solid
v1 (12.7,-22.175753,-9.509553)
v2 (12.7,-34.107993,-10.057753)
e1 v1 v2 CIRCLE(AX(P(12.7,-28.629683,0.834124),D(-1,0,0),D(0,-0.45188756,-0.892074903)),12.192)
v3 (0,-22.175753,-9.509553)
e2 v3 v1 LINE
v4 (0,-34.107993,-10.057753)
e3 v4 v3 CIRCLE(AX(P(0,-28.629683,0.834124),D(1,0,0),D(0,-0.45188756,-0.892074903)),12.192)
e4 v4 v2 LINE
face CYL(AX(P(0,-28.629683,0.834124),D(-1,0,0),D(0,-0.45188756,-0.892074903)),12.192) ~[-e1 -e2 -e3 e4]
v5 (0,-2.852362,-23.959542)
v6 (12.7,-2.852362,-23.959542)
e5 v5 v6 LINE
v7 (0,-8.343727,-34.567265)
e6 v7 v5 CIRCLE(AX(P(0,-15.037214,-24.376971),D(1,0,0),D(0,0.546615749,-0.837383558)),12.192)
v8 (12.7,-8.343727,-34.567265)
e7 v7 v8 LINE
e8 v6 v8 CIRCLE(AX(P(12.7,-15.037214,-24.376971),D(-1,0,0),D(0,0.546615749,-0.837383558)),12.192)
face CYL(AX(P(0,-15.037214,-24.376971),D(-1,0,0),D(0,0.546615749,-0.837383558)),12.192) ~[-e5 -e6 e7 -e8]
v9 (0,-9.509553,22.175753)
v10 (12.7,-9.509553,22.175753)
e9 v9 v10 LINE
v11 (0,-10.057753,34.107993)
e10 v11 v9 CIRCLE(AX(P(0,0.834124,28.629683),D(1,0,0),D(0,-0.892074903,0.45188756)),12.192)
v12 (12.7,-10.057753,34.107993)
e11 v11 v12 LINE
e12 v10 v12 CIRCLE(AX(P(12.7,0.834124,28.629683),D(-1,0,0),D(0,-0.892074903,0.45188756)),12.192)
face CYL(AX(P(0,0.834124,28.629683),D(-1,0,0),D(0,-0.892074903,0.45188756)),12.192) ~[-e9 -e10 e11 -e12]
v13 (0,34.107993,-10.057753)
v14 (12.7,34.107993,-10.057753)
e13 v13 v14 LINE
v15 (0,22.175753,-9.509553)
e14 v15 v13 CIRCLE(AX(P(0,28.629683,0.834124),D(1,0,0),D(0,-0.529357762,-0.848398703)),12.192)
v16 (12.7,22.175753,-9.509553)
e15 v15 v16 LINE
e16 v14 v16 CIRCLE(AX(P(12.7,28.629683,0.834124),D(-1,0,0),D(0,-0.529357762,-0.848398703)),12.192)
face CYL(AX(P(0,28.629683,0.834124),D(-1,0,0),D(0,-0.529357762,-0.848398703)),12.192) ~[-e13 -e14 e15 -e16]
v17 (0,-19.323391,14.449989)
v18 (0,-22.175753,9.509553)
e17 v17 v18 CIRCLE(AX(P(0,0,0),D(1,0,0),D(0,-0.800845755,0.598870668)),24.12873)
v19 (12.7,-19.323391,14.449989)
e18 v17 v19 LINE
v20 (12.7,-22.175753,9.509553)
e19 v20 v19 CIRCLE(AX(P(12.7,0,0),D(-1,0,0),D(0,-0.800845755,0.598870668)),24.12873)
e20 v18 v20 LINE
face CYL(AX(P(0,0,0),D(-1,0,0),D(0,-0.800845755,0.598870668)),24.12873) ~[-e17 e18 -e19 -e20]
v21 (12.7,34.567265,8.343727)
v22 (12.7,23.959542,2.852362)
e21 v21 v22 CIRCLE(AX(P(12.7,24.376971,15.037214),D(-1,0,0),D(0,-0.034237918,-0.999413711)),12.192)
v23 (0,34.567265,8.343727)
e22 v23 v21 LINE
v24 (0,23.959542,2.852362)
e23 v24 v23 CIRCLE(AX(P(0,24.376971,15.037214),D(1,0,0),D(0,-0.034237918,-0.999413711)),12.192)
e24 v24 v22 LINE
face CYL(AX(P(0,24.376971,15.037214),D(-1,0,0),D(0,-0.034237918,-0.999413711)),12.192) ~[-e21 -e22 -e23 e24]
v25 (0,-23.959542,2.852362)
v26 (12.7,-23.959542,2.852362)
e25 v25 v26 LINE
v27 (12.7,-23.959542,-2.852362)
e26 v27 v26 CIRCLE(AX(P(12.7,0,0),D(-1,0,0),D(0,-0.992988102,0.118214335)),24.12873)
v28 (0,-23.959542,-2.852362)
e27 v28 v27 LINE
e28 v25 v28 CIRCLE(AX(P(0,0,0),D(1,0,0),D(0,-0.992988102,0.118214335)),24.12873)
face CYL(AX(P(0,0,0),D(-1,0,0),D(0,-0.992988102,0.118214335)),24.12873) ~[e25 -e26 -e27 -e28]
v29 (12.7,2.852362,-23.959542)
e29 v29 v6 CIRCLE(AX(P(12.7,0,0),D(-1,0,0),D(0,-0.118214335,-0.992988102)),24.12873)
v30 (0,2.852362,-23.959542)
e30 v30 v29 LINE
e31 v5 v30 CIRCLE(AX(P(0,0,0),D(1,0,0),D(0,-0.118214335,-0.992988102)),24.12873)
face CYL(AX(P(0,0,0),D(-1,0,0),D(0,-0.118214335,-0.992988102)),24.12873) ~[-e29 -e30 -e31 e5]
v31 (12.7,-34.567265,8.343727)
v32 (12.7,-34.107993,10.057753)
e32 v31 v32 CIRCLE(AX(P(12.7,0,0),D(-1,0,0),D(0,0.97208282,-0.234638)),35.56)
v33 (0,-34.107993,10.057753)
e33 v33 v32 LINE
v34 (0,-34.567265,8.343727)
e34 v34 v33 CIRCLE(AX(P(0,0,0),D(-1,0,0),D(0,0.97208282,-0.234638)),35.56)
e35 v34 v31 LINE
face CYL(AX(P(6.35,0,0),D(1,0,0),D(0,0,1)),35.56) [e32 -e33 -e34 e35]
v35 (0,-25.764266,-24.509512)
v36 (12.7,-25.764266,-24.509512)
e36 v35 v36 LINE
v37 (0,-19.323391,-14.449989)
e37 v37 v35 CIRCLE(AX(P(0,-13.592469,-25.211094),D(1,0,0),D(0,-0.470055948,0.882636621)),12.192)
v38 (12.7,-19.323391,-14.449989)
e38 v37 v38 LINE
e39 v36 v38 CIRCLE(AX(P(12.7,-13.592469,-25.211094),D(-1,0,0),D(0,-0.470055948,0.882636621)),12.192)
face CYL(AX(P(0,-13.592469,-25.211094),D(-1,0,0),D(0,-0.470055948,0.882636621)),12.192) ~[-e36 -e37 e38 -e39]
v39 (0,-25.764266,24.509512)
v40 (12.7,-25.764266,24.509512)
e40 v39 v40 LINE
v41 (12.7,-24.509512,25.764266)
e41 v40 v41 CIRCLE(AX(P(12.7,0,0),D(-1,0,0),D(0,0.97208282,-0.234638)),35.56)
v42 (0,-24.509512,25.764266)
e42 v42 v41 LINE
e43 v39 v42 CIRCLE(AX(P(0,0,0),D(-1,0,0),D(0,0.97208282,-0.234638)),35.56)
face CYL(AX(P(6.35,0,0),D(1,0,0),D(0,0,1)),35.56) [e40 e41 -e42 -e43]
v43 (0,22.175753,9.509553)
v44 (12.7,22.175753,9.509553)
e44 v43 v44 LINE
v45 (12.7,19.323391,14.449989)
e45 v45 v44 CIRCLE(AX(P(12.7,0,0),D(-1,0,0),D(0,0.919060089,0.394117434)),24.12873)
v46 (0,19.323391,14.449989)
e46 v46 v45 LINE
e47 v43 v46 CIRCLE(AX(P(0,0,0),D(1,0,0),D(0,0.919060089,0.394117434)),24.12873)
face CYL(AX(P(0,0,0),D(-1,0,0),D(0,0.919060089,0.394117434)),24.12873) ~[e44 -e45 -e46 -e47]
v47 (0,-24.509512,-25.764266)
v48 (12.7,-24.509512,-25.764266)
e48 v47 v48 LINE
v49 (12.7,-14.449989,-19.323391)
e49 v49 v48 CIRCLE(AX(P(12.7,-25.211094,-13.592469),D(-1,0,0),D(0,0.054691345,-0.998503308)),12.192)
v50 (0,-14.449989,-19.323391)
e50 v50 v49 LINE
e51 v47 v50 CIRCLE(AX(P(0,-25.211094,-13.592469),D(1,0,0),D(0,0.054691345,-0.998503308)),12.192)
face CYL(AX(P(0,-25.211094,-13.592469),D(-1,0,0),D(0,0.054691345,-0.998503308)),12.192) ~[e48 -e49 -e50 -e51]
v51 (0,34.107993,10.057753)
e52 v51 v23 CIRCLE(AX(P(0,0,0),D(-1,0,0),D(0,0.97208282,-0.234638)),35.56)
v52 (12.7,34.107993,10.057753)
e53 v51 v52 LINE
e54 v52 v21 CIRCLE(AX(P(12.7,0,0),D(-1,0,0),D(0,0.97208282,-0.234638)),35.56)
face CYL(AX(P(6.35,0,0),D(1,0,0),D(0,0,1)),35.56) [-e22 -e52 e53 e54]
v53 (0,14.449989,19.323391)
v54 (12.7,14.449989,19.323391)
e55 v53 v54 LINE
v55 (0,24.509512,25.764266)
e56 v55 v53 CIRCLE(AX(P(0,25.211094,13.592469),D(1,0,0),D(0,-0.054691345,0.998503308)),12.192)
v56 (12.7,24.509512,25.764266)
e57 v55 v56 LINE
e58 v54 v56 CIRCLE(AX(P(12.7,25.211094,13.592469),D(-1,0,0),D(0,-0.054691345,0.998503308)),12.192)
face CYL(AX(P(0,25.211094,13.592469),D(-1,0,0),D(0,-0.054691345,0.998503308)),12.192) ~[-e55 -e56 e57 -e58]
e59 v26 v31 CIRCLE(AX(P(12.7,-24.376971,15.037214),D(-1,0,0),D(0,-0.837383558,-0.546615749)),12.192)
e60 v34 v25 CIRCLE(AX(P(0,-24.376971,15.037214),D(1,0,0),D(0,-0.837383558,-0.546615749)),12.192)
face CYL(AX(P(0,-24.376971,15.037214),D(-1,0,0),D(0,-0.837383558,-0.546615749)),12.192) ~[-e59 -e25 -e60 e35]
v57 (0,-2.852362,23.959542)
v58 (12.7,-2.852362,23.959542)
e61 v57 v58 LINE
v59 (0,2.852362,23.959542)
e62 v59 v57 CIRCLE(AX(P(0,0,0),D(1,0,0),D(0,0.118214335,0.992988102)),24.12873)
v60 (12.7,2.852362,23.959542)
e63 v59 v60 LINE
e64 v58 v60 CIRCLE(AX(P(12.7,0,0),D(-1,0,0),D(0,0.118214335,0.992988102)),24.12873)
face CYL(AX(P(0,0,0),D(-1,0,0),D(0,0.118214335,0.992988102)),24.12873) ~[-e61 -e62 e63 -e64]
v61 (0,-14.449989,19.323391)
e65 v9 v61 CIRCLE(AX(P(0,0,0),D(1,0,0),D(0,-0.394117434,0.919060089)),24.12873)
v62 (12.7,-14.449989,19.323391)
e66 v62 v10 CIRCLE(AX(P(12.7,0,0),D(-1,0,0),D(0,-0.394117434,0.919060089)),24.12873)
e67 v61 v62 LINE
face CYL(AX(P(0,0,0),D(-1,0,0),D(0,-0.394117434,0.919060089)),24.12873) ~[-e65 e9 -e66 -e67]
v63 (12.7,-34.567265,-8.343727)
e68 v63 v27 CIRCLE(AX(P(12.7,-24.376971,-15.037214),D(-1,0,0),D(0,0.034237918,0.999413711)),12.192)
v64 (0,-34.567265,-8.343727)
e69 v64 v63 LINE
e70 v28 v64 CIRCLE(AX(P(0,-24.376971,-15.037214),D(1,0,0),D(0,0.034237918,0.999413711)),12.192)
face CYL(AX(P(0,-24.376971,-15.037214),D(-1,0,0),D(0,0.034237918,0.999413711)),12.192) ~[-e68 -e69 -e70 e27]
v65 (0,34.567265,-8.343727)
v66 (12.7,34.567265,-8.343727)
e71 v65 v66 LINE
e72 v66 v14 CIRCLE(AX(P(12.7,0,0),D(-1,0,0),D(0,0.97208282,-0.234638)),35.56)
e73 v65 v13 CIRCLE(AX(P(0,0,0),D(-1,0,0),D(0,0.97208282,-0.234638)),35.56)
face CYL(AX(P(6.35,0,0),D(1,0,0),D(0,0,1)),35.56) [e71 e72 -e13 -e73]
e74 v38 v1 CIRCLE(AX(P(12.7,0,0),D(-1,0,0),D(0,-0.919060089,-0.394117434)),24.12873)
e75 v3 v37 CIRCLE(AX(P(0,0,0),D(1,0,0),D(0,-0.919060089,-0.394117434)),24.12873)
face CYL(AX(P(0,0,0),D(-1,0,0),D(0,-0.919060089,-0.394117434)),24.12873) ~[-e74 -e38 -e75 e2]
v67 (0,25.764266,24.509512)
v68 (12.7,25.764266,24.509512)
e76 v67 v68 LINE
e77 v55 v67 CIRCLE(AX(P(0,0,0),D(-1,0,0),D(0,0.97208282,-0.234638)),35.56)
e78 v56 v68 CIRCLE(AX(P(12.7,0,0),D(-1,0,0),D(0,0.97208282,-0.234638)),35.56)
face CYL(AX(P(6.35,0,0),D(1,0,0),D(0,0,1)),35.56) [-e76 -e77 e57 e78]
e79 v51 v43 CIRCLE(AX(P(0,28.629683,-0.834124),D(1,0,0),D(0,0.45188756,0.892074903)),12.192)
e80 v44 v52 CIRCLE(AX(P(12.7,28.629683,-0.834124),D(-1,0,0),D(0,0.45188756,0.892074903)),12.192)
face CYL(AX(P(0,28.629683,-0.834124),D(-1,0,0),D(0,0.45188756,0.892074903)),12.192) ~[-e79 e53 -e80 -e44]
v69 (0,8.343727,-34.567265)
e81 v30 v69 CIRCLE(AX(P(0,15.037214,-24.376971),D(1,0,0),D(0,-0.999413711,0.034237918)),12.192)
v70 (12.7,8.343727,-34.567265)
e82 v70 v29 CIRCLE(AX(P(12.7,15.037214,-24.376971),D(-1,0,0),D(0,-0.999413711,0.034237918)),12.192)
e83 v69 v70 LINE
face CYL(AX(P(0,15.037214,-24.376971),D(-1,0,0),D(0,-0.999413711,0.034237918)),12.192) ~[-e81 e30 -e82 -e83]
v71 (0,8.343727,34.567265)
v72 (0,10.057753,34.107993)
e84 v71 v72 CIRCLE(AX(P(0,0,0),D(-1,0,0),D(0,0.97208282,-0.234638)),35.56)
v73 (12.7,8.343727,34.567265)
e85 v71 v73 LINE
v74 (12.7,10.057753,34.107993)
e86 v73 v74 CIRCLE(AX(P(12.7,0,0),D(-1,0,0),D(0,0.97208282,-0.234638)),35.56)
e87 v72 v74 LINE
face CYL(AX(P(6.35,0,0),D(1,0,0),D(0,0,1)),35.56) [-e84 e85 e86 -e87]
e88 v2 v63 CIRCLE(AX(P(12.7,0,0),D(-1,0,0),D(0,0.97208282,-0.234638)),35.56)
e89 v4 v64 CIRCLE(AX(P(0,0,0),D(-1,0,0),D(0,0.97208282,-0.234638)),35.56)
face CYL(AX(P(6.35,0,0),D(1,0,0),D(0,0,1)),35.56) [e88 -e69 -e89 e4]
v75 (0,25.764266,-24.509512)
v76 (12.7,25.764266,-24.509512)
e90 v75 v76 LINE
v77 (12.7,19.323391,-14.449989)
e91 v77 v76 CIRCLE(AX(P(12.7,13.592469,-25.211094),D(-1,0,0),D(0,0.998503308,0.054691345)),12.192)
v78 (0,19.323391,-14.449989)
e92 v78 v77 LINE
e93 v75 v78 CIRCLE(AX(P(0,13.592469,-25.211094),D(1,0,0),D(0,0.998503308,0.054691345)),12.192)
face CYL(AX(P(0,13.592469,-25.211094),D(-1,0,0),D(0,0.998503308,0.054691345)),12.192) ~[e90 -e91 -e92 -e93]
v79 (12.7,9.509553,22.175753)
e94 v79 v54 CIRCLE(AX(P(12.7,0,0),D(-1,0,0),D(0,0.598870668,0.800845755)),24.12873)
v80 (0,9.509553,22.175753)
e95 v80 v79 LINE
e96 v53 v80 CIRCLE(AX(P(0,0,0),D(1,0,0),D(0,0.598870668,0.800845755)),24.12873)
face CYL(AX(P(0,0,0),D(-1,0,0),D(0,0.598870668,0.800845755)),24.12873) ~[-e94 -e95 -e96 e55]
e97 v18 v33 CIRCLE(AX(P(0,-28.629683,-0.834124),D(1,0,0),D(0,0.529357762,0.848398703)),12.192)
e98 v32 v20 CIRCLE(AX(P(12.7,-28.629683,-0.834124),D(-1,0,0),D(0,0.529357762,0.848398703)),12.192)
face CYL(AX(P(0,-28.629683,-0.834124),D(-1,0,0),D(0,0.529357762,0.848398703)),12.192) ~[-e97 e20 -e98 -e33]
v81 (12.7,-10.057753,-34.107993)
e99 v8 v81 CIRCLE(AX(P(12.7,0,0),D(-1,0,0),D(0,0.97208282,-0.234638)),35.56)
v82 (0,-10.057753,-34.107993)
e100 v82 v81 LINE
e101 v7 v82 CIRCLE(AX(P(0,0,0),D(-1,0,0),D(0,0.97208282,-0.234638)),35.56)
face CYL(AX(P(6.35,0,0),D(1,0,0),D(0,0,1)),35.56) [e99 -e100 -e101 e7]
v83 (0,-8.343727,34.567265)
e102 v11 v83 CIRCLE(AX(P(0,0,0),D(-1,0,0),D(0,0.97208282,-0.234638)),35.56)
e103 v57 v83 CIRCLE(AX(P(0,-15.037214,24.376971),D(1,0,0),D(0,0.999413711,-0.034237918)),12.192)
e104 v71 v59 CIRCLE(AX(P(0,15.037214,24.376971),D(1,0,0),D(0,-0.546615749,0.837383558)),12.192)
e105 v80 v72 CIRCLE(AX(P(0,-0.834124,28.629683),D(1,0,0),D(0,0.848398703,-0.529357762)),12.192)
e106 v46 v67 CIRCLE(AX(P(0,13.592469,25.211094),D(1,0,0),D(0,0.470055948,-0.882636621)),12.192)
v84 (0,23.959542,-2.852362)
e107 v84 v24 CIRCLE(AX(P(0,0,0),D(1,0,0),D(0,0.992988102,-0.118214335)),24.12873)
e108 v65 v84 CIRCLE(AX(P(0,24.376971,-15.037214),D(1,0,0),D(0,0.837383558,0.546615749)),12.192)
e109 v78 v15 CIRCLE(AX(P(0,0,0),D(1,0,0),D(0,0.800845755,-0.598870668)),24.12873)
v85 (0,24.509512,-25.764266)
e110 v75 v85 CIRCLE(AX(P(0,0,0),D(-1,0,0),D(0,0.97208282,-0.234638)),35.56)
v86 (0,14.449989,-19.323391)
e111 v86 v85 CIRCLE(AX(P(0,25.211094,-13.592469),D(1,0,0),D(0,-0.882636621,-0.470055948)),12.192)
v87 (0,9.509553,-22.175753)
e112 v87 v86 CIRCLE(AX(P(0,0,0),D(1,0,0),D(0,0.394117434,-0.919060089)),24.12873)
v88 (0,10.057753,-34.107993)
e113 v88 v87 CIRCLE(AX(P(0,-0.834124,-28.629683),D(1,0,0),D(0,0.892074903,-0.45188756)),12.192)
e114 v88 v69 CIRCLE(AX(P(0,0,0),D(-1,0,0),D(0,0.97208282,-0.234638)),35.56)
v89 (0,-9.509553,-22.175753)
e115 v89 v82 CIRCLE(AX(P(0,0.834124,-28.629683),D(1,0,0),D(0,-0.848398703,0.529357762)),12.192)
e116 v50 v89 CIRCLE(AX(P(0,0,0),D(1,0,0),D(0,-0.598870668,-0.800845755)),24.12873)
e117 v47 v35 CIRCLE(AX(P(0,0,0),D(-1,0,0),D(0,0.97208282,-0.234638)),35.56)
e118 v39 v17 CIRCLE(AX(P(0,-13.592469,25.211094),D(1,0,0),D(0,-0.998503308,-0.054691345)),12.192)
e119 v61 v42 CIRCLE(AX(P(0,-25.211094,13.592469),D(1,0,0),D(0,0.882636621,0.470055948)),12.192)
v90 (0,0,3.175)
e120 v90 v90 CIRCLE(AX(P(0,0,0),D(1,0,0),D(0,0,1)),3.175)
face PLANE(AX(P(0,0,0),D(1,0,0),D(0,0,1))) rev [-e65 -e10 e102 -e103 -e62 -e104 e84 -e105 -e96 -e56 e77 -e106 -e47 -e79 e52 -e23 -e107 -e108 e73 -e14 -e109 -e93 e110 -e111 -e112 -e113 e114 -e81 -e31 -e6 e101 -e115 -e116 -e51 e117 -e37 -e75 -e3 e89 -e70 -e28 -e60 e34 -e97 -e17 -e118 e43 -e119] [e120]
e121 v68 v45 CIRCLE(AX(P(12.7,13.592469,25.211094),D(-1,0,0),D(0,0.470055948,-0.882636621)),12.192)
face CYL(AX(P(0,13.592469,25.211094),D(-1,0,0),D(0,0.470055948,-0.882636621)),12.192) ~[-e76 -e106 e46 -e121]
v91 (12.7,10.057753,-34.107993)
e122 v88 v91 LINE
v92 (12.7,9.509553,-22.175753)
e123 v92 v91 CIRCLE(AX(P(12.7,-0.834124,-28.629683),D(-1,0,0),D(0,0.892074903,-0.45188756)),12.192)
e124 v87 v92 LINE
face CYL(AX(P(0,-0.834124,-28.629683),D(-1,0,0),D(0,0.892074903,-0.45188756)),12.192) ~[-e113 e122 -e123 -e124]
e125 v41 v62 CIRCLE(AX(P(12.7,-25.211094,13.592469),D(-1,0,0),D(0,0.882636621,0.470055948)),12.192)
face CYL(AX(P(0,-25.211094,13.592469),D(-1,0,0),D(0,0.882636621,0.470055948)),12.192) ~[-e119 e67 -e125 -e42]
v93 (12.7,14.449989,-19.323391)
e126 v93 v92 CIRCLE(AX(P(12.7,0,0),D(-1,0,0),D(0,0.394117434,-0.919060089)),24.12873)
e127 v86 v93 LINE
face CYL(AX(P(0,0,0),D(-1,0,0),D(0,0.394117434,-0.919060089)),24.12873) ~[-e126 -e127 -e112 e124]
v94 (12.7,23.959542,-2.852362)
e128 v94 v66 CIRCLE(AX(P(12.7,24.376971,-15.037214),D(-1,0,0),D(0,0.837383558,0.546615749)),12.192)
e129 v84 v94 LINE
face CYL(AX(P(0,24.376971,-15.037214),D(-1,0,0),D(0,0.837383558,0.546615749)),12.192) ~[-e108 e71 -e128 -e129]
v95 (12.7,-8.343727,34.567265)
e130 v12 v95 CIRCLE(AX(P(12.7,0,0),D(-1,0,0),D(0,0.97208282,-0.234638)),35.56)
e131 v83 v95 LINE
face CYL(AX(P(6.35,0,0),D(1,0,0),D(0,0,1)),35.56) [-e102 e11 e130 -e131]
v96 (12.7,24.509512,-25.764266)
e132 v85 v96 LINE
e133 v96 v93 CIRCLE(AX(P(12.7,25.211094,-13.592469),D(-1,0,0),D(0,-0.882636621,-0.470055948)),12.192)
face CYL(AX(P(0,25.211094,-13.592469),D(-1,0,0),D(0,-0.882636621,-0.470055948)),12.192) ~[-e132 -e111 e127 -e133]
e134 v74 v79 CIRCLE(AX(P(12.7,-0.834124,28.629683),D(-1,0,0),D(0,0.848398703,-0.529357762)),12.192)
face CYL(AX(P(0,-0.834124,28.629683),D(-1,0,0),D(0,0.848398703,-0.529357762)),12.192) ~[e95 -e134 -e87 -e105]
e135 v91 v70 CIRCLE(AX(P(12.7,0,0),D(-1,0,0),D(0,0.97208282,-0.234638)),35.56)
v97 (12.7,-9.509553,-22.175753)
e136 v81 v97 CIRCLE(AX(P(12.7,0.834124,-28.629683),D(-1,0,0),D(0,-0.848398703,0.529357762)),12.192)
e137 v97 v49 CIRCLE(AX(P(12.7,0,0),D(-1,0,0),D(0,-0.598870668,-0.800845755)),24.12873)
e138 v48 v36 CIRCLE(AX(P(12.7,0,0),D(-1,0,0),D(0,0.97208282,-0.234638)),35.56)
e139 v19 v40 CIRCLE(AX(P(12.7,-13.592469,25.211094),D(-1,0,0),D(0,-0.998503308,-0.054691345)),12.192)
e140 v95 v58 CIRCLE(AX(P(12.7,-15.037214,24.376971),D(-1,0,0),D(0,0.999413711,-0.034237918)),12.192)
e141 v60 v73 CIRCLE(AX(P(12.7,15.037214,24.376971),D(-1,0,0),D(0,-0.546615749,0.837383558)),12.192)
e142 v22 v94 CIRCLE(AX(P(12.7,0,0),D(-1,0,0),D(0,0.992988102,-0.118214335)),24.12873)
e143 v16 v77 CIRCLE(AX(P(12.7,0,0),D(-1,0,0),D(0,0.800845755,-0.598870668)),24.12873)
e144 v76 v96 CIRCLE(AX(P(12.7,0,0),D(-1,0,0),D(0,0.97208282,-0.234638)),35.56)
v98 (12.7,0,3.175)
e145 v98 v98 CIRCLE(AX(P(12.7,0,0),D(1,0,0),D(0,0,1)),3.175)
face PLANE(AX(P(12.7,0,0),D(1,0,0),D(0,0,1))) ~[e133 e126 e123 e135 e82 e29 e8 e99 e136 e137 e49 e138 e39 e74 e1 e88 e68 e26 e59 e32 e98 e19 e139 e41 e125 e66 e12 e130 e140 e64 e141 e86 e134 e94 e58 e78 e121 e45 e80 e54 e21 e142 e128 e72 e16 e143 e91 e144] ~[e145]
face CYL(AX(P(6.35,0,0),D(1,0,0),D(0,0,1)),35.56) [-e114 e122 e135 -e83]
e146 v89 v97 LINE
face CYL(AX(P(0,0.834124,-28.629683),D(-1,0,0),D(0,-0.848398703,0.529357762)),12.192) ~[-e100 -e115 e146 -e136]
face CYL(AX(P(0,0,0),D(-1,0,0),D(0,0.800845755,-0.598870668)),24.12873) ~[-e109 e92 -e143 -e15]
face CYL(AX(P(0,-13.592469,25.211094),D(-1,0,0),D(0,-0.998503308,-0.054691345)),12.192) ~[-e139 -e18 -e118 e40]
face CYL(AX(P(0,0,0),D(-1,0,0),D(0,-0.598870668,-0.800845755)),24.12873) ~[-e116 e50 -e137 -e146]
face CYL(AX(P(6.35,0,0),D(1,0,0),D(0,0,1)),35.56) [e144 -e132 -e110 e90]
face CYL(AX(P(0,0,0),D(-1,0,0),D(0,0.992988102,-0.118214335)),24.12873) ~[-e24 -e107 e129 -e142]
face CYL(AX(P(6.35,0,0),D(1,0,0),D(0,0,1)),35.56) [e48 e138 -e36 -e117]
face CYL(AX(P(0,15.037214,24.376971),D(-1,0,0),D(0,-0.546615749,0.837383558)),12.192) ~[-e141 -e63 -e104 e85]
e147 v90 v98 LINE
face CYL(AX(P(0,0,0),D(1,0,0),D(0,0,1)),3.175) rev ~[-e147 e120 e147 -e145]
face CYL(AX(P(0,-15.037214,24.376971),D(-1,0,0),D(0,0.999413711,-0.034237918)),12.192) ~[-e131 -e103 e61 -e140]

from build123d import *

# Parameters (mm, degrees)
BASPROSKE_W     = 12.7
BASPROSKE_H     = 35.56
TOOTHCUT_DEPTH  = 52.868267756
TEETHCUTS_COUNT = 12
TEETHCUTS_ANGLE = 330
BORSKE_R        = 3.175
BORE_DEPTH      = 50.8000508


with BuildPart() as part:
    # BasProSke → Base-Revolve (revolve)
    with BuildSketch(Plane(origin=(0, 0, 0), x_dir=(1, 0, 0), z_dir=(0, 1, 0)), mode=Mode.PRIVATE) as base_revolve_sk:
        with Locations((6.35, 17.78)):
            Rectangle(BASPROSKE_W, BASPROSKE_H)
    revolve(base_revolve_sk.sketch.rotate(Axis((-10, 0, 0), (1, 0, 0)), 180), axis=Axis((-10, 0, 0), (1, 0, 0)))

    # TooCutSke → ToothCut (cut, through all)
    with BuildSketch(Plane(origin=(0, 0, 0), x_dir=(0, 0, -1), z_dir=(1, 0, 0))):
        with BuildLine():
            ThreePointArc((2.852361762, 23.959541811), (0, 24.12873), (-2.852361762, 23.959541811))
            ThreePointArc((-2.852361762, 23.959541811), (-4.218005364, 29.997432638), (-8.372874517, 34.586350855))
            ThreePointArc((-8.372874517, 34.586350855), (0, 35.5854), (8.372874517, 34.586350855))
            ThreePointArc((8.372874517, 34.586350855), (4.218005364, 29.997432638), (2.852361762, 23.959541811))
        make_face()
    toothcut = extrude(amount=TOOTHCUT_DEPTH, mode=Mode.SUBTRACT)

    # TeethCuts: ToothCut ×12 about axis
    teethcuts_axis = Axis((-10, 0, 0), (1, 0, 0))
    for i in range(1, TEETHCUTS_COUNT):
        add(toothcut.rotate(teethcuts_axis, i * TEETHCUTS_ANGLE / (TEETHCUTS_COUNT - 1)), mode=Mode.SUBTRACT)

    # BorSke → Bore (cut, symmetric)
    with BuildSketch(Plane(origin=(0, 0, 0), x_dir=(0, 0, -1), z_dir=(1, 0, 0))):
        with Locations(Location((0, 0, 0), (0, 0, 180))):
            Circle(BORSKE_R)
    extrude(amount=BORE_DEPTH, both=True, mode=Mode.SUBTRACT)


solid = part.part
